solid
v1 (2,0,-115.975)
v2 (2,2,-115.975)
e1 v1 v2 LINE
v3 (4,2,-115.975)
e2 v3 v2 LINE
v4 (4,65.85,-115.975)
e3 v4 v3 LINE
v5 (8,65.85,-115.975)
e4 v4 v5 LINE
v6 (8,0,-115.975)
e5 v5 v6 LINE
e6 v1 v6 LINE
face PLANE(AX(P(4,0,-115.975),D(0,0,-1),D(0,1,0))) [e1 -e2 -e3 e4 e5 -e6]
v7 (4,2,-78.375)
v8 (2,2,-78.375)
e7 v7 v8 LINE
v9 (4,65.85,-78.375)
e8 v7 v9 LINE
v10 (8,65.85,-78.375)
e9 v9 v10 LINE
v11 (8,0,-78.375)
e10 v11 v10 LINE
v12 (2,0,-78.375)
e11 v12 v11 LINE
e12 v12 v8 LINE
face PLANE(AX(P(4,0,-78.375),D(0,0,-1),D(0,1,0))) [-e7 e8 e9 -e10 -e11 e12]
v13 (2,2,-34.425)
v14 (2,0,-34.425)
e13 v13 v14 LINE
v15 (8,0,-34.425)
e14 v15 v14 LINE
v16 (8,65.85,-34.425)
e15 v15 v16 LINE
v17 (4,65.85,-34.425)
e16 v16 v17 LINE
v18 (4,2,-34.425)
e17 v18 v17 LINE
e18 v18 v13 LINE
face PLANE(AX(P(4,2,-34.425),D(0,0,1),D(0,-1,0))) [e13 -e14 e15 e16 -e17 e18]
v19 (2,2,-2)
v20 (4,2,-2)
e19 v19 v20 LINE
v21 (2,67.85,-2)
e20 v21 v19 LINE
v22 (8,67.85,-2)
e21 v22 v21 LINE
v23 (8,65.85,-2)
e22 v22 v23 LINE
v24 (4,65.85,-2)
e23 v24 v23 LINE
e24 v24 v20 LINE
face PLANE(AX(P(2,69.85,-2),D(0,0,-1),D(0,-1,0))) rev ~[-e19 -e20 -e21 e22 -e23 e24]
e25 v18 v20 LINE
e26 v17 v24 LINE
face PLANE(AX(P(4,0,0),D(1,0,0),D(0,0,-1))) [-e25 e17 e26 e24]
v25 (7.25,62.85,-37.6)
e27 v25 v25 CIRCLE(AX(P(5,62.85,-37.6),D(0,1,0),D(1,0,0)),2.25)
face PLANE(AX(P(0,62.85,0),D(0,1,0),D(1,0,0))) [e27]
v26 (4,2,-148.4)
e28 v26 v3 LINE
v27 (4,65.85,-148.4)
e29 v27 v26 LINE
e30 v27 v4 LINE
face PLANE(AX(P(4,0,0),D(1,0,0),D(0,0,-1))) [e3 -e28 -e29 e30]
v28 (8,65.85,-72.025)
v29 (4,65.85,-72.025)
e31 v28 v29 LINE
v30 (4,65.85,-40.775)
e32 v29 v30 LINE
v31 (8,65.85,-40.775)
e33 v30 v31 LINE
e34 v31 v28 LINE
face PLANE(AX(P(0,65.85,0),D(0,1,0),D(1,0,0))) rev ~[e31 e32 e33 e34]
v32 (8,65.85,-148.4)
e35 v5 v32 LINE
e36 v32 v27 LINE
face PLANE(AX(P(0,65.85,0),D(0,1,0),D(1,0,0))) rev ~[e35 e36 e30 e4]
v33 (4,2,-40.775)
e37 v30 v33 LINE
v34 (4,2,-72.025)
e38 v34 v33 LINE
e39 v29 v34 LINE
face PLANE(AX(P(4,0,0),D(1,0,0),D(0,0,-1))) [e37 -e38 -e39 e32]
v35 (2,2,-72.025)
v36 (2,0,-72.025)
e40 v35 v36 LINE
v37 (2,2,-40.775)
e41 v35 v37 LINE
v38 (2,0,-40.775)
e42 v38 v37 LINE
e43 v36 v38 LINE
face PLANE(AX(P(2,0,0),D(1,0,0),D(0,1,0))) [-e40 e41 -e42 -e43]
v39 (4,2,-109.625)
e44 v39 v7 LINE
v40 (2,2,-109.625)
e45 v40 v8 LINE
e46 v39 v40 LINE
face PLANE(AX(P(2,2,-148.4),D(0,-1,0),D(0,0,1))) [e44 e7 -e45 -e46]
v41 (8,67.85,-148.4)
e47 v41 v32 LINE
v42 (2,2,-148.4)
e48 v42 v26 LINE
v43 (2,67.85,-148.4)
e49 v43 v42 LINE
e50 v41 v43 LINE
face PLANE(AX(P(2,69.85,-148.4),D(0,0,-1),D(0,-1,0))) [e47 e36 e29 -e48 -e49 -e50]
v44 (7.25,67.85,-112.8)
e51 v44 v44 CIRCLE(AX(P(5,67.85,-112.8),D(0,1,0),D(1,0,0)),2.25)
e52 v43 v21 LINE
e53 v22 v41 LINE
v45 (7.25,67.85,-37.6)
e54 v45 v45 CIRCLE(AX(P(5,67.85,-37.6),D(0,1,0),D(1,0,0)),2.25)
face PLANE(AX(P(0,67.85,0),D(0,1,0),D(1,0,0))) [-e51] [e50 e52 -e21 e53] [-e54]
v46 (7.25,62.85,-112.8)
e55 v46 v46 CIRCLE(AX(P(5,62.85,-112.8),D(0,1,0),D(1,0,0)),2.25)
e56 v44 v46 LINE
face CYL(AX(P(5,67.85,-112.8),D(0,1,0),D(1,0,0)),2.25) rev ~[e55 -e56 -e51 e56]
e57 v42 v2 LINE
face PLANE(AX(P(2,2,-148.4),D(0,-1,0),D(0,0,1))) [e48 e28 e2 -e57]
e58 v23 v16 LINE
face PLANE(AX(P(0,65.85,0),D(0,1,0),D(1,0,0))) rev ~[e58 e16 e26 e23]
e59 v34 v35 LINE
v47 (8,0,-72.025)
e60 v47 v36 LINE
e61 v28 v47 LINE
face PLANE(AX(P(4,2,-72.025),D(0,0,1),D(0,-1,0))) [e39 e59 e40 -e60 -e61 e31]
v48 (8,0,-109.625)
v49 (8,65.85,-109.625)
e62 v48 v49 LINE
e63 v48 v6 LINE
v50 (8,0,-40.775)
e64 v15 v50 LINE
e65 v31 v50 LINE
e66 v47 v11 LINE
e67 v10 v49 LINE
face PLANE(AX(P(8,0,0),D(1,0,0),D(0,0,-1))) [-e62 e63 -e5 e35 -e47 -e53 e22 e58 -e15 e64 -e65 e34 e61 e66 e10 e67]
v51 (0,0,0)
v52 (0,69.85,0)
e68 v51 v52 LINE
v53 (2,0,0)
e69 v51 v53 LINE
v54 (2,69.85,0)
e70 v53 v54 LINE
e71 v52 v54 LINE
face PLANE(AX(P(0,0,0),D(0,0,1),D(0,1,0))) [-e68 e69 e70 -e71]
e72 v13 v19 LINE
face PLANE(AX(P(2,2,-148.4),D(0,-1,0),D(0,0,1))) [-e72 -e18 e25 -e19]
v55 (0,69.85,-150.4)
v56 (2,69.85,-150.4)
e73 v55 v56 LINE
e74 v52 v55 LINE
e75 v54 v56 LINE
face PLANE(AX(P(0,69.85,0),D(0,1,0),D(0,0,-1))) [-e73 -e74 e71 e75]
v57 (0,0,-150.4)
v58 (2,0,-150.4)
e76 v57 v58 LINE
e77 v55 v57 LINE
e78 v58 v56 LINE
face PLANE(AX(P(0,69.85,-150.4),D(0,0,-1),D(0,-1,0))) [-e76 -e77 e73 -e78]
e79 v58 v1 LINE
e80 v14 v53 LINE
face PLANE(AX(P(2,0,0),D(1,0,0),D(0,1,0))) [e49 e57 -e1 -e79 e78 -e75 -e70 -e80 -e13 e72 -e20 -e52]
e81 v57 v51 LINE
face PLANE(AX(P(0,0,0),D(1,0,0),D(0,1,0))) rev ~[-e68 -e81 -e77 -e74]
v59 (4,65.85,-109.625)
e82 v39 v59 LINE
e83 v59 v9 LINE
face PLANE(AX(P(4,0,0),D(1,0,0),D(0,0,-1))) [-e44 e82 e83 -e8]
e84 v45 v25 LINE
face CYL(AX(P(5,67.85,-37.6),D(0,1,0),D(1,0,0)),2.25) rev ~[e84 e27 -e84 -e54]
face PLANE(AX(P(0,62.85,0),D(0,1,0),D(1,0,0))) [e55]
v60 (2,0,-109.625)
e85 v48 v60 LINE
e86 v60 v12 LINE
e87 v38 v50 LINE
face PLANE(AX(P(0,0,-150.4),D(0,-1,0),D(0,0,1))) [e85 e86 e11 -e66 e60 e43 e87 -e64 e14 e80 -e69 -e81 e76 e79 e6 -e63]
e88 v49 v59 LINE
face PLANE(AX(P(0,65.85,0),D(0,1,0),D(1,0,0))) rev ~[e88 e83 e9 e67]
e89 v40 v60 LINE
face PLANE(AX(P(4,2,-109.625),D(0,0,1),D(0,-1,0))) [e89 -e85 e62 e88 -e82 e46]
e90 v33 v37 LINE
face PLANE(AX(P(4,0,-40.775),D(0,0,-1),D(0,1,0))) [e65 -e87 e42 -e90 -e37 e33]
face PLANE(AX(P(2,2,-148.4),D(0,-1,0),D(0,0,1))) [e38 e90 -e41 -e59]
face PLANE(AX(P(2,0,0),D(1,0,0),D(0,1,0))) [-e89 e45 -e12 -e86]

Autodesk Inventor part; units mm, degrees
ref_plane "YZ Plane" through (0, 0, 0) normal (1, 0, 0) x (0, 1, 0)
ref_plane "XZ Plane" through (0, 0, 0) normal (0, 1, 0) x (-1, 0, 0)
ref_plane "XY Plane" through (0, 0, 0) normal (0, 0, 1) x (1, 0, 0)
sketch "Sketch1" plane through (0, 0, 0) normal (1, 0, 0) x (0, 1, 0)
  line L0 (0, 0) -> (69.85, 0)
  line L1 (69.85, 0) -> (69.85, -150.4)
  line L2 (69.85, -150.4) -> (0, -150.4)
  line L3 (0, -150.4) -> (0, 0)
  dimension "d0" = 69.85
  dimension "d1" = 150.4
extrude "Extrusion1" add sketch "Sketch1" along normal blind 2
sketch "Sketch2" plane through (2, 0, 0) normal (1, 0, 0) x (0, 0, -1)
  line L0 (150.4, 0) -> (150.4, 69.85) projected
  line L1 (150.4, 69.85) -> (0, 69.85) projected
  line L2 (0, 69.85) -> (0, 0) projected
  line L3 (0, 0) -> (150.4, 0) projected
  line L4 (150.4, 69.85) -> (148.4, 69.85)
  line L5 (148.4, 69.85) -> (148.4, 0)
  line L6 (148.4, 0) -> (150.4, 0)
  line L7 (150.4, 0) -> (150.4, 69.85)
  line L8 (0, 69.85) -> (2, 69.85)
  line L9 (2, 69.85) -> (2, 0)
  line L10 (2, 0) -> (0, 0)
  line L11 (0, 0) -> (0, 69.85)
  line L12 (0, 0) -> (150.4, 0)
  line L13 (150.4, 0) -> (150.4, 2)
  line L14 (150.4, 2) -> (0, 2)
  line L15 (0, 2) -> (0, 0)
  point P0 (2, 2)
  point P1 (148.4, 2)
  dimension "d4" = 2
  dimension "d5" = 2
  dimension "d6" = 2
extrude "Extrusion2" add sketch "Sketch2" along normal blind 2 contours L14 L9 L1 L5
sketch "Sketch3" plane through (4, 0, 0) normal (1, 0, 0) x (0, 0, -1)
  line L0 (150.4, 0) -> (150.4, 69.85) projected
  line L1 (0, 0) -> (150.4, 0) projected
  line L2 (0, 69.85) -> (0, 0) projected
  line L3 (150.4, 69.85) -> (0, 69.85) projected
  line L4 (0, 69.85) -> (75.2, 69.85) construction
  line L5 (75.2, 69.85) -> (75.2, 0) construction
  line L6 (75.2, 0) -> (0, 0) construction
  line L7 (0, 0) -> (0, 69.85) construction
  line L8 (0, 0) -> (150.4, 0) construction
  line L9 (0, 0) -> (37.6, 0) construction
  line L10 (37.6, 0) -> (37.6, 69.85) construction
  line L11 (37.6, 69.85) -> (0, 69.85) construction
  line L12 (0, 69.85) -> (0, 0) construction
  line L13 (150.4, 0) -> (150.4, 69.85) construction
  line L14 (75.2, 69.85) -> (150.4, 69.85) construction
  line L15 (150.4, 69.85) -> (150.4, 0) construction
  line L16 (150.4, 0) -> (75.2, 0) construction
  line L17 (75.2, 0) -> (75.2, 69.85) construction
  line L18 (75.2, 0) -> (112.8, 0) construction
  line L19 (112.8, 0) -> (112.8, 69.85) construction
  line L20 (112.8, 69.85) -> (75.2, 69.85) construction
  line L21 (75.2, 69.85) -> (75.2, 0) construction
  line L22 (34.425, 0) -> (34.425, 69.85) construction
  line L23 (34.425, 69.85) -> (40.775, 69.85) construction
  line L24 (40.775, 69.85) -> (40.775, 0) construction
  line L25 (40.775, 0) -> (34.425, 0) construction
  line L26 (34.425, 0) -> (40.775, 69.85) construction
  line L27 (34.425, 69.85) -> (40.775, 0) construction
  line L28 (72.025, 0) -> (72.025, 69.85) construction
  line L29 (72.025, 69.85) -> (78.375, 69.85) construction
  line L30 (78.375, 69.85) -> (78.375, 0) construction
  line L31 (78.375, 0) -> (72.025, 0) construction
  line L32 (72.025, 0) -> (78.375, 69.85) construction
  line L33 (72.025, 69.85) -> (78.375, 0) construction
  line L34 (109.625, 0) -> (109.625, 69.85) construction
  line L35 (109.625, 69.85) -> (115.975, 69.85) construction
  line L36 (115.975, 69.85) -> (115.975, 0) construction
  line L37 (115.975, 0) -> (109.625, 0) construction
  line L38 (109.625, 0) -> (115.975, 69.85) construction
  line L39 (109.625, 69.85) -> (115.975, 0) construction
  line L40 (34.425, 69.85) -> (40.775, 69.85)
  line L41 (40.775, 69.85) -> (40.775, 0)
  line L42 (40.775, 0) -> (34.425, 0)
  line L43 (34.425, 0) -> (34.425, 69.85)
  line L44 (72.025, 0) -> (78.375, 0)
  line L45 (78.375, 0) -> (78.375, 69.85)
  line L46 (78.375, 69.85) -> (72.025, 69.85)
  line L47 (72.025, 69.85) -> (72.025, 0)
  line L48 (109.625, 69.85) -> (115.975, 69.85)
  line L49 (115.975, 69.85) -> (115.975, 0)
  line L50 (115.975, 0) -> (109.625, 0)
  line L51 (109.625, 0) -> (109.625, 69.85)
  point P0 (37.6, 34.925)
  point P1 (75.2, 34.925)
  point P2 (112.8, 34.925)
  dimension "d9" = 6.35
  dimension "d10" = 6.35
  dimension "d11" = 6.35
extrude "Extrusion3" add sketch "Sketch3" along normal blind 4 contours L1 L51 L3 L49 | L1 L47 L3 L45 | L1 L43 L3 L41
sketch "Sketch4" plane through (0, 69.85, 0) normal (0, 1, 0) x (1, 0, 0)
  line L0 (0, 150.4) -> (0, 0) projected
  line L1 (0, 150.4) -> (0, 0) construction
  line L2 (0, 0) -> (2, 0) construction
  line L3 (2, 2) -> (2, 0) construction
  line L4 (2, 2) -> (4, 2) construction
  line L5 (4, 34.425) -> (4, 2) construction
  line L6 (4, 34.425) -> (8, 34.425) construction
  line L7 (8, 40.775) -> (8, 34.425) construction
  line L8 (4, 40.775) -> (8, 40.775) construction
  line L9 (4, 72.025) -> (4, 40.775) construction
  line L10 (4, 72.025) -> (8, 72.025) construction
  line L11 (8, 78.375) -> (8, 72.025) construction
  line L12 (4, 78.375) -> (8, 78.375) construction
  line L13 (4, 109.625) -> (4, 78.375) construction
  line L14 (4, 109.625) -> (8, 109.625) construction
  line L15 (8, 115.975) -> (8, 109.625) construction
  line L16 (4, 115.975) -> (8, 115.975) construction
  line L17 (4, 148.4) -> (4, 115.975) construction
  line L18 (2, 148.4) -> (4, 148.4) construction
  line L19 (2, 150.4) -> (2, 148.4) construction
  line L20 (0, 150.4) -> (2, 150.4) construction
  line L21 (2, 0) -> (0, 0)
  line L22 (0, 0) -> (0, 150.4)
  line L23 (0, 150.4) -> (2, 150.4)
  line L24 (2, 150.4) -> (2, 0)
  line L25 (2, 0) -> (8, 0)
  line L26 (8, 0) -> (8, 150.4)
  line L27 (8, 150.4) -> (2, 150.4)
  line L28 (2, 150.4) -> (2, 0)
extrude "Extrusion4" cut sketch "Sketch4" against normal blind 2 contours L27 L26 L25 L24
sketch "Sketch5" plane through (0, 67.85, 0) normal (0, 1, 0) x (1, 0, 0)
  line L0 (4, 115.975) -> (8, 115.975) projected
  line L1 (4, 148.4) -> (4, 115.975) projected
  line L2 (2, 148.4) -> (4, 148.4) projected
  line L3 (2, 2) -> (2, 148.4) projected
  line L4 (4, 2) -> (2, 2) projected
  line L5 (4, 34.425) -> (4, 2) projected
  line L6 (8, 34.425) -> (4, 34.425) projected
  line L7 (8, 40.775) -> (8, 34.425) projected
  line L8 (4, 40.775) -> (8, 40.775) projected
  line L9 (4, 72.025) -> (4, 40.775) projected
  line L10 (8, 72.025) -> (4, 72.025) projected
  line L11 (8, 78.375) -> (8, 72.025) projected
  line L12 (4, 78.375) -> (8, 78.375) projected
  line L13 (4, 109.625) -> (4, 78.375) projected
  line L14 (8, 109.625) -> (4, 109.625) projected
  line L15 (8, 115.975) -> (8, 109.625) projected
  line L16 (2, 2) -> (4, 2) projected
  line L17 (2, 2) -> (8, 2)
  line L18 (8, 2) -> (8, 148.4)
  line L19 (8, 148.4) -> (2, 148.4)
  line L20 (2, 148.4) -> (2, 2)
  point P0 (0, 0)
  point P1 (4, 2)
extrude "Extrusion5" add sketch "Sketch5" against normal blind 2 contours L1 L19 L18 L0 | L18 L12 L13 L14 | L18 L8 L9 L10 | L5 L6 L18 L17
sketch "Sketch7" plane through (4, 0, 0) normal (-1, 0, 0) x (0, 0, 1)
  line L0 (-109.625, 2) -> (-115.975, 2) projected
  line L1 (-115.975, 0) -> (-115.975, 2) projected
  line L2 (-109.625, 0) -> (-115.975, 0) projected
  line L3 (-109.625, 2) -> (-109.625, 0) projected
  line L4 (-72.025, 2) -> (-78.375, 2) projected
  line L5 (-78.375, 0) -> (-78.375, 2) projected
  line L6 (-72.025, 0) -> (-78.375, 0) projected
  line L7 (-72.025, 2) -> (-72.025, 0) projected
  line L8 (-34.425, 2) -> (-40.775, 2) projected
  line L9 (-40.775, 0) -> (-40.775, 2) projected
  line L10 (-34.425, 0) -> (-40.775, 0) projected
  line L11 (-34.425, 2) -> (-34.425, 0) projected
  point P0 (0, 0)
extrude "Extrusion6" add sketch "Sketch7" along normal blind 2
sketch "Sketch8" plane through (0, 67.85, 0) normal (0, 1, 0) x (1, 0, 0)
  line L0 (8, 2) -> (8, 148.4) construction
  line L1 (2, 148.4) -> (8, 148.4) construction
  line L2 (2, 2) -> (2, 148.4) construction
  line L3 (8, 2) -> (2, 2) construction
  line L4 (8, 34.425) -> (2, 34.425) construction
  line L5 (2, 34.425) -> (2, 40.775) construction
  line L6 (2, 40.775) -> (8, 40.775) construction
  line L7 (8, 40.775) -> (8, 34.425) construction
  circle A0 centre (5, 37.6) radius 2.25 construction
  line L8 (2, 2) -> (2, 148.4) construction
  line L9 (8, 109.625) -> (2, 109.625) construction
  line L10 (2, 109.625) -> (2, 115.975) construction
  line L11 (2, 115.975) -> (8, 115.975) construction
  line L12 (8, 115.975) -> (8, 109.625) construction
  circle A1 centre (5, 112.8) radius 2.25 construction
  circle A2 centre (5, 37.6) radius 2.25
  circle A3 centre (5, 112.8) radius 2.25
  point P0 (0, 0)
  point P1 (8, 72.025)
  point P2 (8, 78.375)
  dimension "d20" = 4.5
  dimension "d21" = 4.5
extrude "Extrusion7" cut sketch "Sketch8" against normal blind 5
properties part number "leftwall"
